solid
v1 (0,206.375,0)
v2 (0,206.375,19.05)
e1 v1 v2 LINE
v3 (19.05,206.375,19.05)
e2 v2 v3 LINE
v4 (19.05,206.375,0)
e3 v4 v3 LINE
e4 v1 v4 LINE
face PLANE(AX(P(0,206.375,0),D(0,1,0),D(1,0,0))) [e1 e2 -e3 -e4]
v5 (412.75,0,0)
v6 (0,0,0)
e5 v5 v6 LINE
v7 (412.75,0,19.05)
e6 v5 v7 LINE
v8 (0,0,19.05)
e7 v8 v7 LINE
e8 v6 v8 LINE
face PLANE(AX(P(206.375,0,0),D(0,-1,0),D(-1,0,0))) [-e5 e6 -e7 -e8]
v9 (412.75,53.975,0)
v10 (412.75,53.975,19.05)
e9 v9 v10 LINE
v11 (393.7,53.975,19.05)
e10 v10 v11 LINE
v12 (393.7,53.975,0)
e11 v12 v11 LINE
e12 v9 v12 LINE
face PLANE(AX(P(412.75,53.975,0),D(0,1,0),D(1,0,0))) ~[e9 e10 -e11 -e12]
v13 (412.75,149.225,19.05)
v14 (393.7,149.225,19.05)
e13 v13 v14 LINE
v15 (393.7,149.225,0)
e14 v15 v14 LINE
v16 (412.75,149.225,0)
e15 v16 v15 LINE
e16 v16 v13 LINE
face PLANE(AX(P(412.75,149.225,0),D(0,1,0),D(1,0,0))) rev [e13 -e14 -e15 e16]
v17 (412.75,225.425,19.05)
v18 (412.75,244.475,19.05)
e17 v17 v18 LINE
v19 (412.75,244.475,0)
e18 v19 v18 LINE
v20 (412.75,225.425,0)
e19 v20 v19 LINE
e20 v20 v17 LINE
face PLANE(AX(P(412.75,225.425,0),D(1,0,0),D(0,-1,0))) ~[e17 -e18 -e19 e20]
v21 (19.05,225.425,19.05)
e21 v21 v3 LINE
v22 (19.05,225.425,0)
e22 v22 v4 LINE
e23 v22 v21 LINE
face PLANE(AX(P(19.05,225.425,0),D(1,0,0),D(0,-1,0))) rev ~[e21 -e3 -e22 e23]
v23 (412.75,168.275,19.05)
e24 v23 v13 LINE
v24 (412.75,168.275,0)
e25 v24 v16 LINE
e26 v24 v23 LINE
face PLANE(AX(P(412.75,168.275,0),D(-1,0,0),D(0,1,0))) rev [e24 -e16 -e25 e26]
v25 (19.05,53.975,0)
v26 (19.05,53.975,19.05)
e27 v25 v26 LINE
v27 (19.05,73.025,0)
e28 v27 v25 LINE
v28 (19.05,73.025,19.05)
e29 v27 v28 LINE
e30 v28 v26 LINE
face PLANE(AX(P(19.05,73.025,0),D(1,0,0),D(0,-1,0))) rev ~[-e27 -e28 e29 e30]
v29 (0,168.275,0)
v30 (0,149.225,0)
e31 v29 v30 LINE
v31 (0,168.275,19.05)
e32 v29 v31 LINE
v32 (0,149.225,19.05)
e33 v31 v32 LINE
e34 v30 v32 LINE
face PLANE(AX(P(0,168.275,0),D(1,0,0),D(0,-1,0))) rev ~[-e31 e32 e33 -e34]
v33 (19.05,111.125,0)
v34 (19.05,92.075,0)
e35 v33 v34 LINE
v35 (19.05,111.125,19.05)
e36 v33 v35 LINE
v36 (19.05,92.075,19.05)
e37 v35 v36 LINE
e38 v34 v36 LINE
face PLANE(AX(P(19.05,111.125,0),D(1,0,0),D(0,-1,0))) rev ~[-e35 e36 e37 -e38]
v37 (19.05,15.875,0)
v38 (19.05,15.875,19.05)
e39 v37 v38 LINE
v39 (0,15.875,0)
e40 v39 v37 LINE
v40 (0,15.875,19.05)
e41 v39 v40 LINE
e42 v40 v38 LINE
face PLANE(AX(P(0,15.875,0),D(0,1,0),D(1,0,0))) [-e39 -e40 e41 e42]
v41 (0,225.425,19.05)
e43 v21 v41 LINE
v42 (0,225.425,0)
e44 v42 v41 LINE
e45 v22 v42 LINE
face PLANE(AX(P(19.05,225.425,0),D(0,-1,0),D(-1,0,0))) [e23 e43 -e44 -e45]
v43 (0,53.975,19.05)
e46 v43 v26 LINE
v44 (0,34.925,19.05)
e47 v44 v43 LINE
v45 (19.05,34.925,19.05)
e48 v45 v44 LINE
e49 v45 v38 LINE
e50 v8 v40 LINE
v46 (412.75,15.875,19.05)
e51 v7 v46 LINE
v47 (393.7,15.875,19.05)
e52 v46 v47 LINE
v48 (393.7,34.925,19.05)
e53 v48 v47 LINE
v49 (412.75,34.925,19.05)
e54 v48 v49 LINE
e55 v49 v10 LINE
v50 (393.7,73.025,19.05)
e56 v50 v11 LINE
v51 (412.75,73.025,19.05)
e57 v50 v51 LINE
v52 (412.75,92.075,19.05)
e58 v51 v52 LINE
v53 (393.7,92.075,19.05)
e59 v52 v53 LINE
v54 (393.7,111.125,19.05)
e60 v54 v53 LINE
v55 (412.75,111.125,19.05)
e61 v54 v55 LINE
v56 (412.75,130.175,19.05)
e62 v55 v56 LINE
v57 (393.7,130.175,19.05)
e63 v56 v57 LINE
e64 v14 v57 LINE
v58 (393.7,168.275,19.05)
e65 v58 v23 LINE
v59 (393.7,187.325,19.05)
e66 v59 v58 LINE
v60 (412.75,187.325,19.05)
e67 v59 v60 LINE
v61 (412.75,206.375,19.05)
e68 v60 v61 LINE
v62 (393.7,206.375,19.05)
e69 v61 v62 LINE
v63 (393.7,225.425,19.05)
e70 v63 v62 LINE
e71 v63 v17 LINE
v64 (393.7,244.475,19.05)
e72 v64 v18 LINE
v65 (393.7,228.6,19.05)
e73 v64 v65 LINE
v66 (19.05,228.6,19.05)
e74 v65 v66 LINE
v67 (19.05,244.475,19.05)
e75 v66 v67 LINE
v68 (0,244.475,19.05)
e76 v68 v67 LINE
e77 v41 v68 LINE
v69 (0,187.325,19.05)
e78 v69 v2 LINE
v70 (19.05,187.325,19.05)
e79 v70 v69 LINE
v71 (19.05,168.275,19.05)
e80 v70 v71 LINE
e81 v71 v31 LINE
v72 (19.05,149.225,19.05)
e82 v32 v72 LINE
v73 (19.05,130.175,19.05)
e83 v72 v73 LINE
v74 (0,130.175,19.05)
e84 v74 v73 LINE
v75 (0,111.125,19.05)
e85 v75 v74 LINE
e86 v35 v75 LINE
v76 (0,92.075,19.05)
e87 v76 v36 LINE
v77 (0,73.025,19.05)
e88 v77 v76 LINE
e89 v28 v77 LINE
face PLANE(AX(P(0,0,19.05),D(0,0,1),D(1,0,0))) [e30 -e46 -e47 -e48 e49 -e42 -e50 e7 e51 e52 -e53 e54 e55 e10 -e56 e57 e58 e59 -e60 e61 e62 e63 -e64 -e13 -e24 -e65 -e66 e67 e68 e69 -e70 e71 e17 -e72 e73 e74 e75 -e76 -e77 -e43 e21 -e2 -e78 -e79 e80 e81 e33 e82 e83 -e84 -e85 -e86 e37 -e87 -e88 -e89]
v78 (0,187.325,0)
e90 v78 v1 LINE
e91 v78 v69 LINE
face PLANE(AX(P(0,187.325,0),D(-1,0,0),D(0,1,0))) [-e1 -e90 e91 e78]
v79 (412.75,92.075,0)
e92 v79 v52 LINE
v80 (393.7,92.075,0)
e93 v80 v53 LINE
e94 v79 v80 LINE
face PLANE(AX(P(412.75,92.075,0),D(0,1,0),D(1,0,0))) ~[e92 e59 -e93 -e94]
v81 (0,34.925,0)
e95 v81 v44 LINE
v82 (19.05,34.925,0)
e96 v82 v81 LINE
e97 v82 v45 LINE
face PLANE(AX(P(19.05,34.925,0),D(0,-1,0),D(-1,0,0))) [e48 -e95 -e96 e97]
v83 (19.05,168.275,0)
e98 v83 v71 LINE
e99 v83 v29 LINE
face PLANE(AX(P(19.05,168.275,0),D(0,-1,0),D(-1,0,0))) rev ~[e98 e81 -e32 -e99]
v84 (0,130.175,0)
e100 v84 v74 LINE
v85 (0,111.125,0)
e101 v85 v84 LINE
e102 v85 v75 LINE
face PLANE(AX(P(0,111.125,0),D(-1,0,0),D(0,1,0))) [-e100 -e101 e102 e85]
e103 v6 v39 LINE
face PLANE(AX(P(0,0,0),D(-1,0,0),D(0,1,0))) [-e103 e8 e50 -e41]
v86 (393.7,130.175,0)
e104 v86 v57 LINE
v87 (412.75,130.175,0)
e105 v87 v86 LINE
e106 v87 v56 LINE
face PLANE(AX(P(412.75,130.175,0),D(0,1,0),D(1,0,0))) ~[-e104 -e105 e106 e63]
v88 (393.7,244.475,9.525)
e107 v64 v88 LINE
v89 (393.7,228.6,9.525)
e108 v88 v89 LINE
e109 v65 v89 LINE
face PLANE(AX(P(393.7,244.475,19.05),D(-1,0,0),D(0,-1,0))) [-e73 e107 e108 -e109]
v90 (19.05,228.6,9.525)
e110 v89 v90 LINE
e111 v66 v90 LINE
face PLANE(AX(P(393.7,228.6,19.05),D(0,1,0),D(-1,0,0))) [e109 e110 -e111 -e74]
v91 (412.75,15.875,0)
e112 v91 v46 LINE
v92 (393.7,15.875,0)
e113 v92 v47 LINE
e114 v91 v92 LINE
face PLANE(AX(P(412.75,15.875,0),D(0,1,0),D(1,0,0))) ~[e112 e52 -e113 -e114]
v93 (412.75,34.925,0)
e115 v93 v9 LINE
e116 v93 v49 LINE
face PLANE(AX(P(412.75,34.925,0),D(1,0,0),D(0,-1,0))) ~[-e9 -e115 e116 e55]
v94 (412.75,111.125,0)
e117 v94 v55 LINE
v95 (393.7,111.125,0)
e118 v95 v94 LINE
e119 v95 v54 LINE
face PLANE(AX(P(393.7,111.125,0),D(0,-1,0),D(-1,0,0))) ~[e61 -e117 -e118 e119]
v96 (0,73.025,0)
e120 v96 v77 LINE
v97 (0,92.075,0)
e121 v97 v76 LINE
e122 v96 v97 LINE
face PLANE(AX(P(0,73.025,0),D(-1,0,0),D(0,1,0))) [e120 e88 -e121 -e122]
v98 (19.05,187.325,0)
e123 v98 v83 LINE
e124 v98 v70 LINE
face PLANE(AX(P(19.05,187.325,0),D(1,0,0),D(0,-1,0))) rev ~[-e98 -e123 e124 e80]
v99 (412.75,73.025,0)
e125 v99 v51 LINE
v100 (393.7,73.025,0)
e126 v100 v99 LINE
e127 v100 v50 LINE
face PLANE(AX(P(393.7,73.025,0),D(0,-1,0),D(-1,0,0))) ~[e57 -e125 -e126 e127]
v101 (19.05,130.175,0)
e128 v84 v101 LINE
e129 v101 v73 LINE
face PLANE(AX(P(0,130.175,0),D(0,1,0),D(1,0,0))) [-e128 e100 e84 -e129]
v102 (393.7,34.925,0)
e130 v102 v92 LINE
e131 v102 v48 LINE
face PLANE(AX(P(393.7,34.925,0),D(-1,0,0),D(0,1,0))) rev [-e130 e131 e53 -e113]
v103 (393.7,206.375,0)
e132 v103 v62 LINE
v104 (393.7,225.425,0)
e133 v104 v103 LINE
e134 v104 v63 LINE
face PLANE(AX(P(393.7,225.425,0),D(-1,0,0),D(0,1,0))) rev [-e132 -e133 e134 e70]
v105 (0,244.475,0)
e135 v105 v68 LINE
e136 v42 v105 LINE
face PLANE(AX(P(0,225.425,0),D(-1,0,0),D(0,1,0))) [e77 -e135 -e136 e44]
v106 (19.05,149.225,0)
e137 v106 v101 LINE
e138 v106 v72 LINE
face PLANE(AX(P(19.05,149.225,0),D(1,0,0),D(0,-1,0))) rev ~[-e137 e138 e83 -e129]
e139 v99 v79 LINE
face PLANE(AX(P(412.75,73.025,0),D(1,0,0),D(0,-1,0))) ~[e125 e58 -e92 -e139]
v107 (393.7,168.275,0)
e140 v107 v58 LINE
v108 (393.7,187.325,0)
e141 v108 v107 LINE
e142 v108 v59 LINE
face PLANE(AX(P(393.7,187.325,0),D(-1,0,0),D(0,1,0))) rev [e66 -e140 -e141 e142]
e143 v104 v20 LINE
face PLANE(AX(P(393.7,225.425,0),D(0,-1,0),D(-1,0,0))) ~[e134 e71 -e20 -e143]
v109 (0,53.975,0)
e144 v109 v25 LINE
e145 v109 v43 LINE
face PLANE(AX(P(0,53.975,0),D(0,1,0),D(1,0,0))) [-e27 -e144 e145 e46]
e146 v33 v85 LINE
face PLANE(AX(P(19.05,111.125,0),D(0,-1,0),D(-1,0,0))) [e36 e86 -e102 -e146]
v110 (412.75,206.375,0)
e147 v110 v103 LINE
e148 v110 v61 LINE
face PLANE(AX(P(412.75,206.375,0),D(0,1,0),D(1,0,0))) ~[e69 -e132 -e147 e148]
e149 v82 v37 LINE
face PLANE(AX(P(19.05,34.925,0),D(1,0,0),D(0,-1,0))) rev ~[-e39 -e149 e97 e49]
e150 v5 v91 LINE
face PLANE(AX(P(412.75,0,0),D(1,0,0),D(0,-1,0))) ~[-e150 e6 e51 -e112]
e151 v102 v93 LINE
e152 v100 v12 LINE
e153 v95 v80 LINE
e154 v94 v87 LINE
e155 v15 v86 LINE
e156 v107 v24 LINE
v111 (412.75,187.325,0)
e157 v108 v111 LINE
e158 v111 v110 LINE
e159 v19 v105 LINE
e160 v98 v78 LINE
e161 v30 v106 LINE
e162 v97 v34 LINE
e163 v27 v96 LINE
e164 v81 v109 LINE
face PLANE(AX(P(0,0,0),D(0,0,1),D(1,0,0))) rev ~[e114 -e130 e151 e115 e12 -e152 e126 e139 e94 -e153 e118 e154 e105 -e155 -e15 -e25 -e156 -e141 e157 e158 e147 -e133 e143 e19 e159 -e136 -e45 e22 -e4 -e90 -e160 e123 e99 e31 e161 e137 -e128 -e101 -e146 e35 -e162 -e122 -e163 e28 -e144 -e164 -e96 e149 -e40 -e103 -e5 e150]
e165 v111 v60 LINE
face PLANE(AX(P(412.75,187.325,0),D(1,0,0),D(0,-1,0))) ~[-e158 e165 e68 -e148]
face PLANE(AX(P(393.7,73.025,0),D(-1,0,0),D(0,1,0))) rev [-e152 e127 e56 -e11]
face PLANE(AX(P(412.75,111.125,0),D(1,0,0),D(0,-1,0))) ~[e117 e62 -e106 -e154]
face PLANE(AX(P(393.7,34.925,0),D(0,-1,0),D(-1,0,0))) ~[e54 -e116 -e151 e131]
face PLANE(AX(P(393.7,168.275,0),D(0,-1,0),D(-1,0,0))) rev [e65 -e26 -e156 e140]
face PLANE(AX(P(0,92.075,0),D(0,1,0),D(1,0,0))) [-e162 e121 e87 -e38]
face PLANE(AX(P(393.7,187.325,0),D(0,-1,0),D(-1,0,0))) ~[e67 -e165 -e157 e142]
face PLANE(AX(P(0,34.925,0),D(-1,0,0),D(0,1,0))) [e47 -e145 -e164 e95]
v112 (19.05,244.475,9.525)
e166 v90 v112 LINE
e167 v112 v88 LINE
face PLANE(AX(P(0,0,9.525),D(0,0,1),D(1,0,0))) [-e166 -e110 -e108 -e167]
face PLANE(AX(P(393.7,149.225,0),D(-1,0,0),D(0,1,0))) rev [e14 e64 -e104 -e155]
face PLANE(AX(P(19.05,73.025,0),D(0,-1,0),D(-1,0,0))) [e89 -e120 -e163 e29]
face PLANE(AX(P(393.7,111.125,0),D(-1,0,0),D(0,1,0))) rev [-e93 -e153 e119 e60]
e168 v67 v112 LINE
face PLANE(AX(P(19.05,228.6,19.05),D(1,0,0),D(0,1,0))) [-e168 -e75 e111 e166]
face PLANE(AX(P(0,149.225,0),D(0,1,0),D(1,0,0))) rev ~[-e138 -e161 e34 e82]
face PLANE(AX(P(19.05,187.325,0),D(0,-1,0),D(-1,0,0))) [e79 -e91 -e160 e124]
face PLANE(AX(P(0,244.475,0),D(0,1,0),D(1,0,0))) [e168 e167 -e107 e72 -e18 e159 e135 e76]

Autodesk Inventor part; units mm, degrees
ref_plane "YZ Plane" through (0, 0, 0) normal (1, 0, 0) x (0, 1, 0)
ref_plane "XZ Plane" through (0, 0, 0) normal (0, 1, 0) x (-1, 0, 0)
ref_plane "XY Plane" through (0, 0, 0) normal (0, 0, 1) x (1, 0, 0)
sketch "Sketch1" plane through (0, 0, 0) normal (0, 0, 1) x (1, 0, 0)
  line L0 (0, 244.475) -> (19.05, 244.475)
  line L1 (19.05, 244.475) -> (19.05, 225.425)
  line L2 (19.05, 225.425) -> (0, 225.425)
  line L3 (0, 225.425) -> (0, 244.475)
  line L4 (19.05, 168.275) -> (0, 168.275)
  line L5 (0, 168.275) -> (0, 149.225)
  line L6 (0, 149.225) -> (19.05, 149.225)
  line L7 (19.05, 149.225) -> (19.05, 168.275)
  line L8 (0, 130.175) -> (19.05, 130.175)
  line L9 (19.05, 130.175) -> (19.05, 111.125)
  line L10 (19.05, 111.125) -> (0, 111.125)
  line L11 (0, 111.125) -> (0, 130.175)
  line L12 (0, 206.375) -> (19.05, 206.375)
  line L13 (19.05, 206.375) -> (19.05, 187.325)
  line L14 (19.05, 187.325) -> (0, 187.325)
  line L15 (0, 187.325) -> (0, 206.375)
  line L16 (0, 92.075) -> (19.05, 92.075)
  line L17 (19.05, 92.075) -> (19.05, 73.025)
  line L18 (19.05, 73.025) -> (0, 73.025)
  line L19 (0, 73.025) -> (0, 92.075)
  line L20 (0, 53.975) -> (19.05, 53.975)
  line L21 (19.05, 53.975) -> (19.05, 34.925)
  line L22 (19.05, 34.925) -> (0, 34.925)
  line L23 (0, 34.925) -> (0, 53.975)
  line L24 (0, 15.875) -> (19.05, 15.875)
  line L25 (19.05, 15.875) -> (19.05, -3.175)
  line L26 (19.05, -3.175) -> (0, -3.175)
  line L27 (0, -3.175) -> (0, 15.875)
  line L28 (0, 244.475) -> (206.375, 244.475)
  line L29 (206.375, 244.475) -> (206.375, 0)
  line L30 (206.375, 0) -> (0, 0)
  line L31 (19.05, 244.475) -> (19.05, 0)
  line L32 (206.375, 244.475) -> (19.05, 244.475)
  line L33 (19.05, 244.475) -> (19.05, 0)
  line L34 (19.05, 0) -> (206.375, 0)
  line L35 (206.375, 0) -> (206.375, 244.475)
  dimension "d0" = 19.05
  dimension "d1" = 19.05
  dimension "d3" = 19.05
  dimension "d4" = 19.05
  dimension "d5" = 19.05
  dimension "d6" = 19.05
  dimension "d7" = 19.05
  dimension "d8" = 19.05
  dimension "d9" = 19.05
  dimension "d10" = 19.05
  dimension "d11" = 19.05
  dimension "d12" = 19.05
  dimension "d13" = 19.05
  dimension "d14" = 19.05
  dimension "d15" = 19.05
  dimension "d16" = 19.05
  dimension "d17" = 19.05
  dimension "d18" = 19.05
  dimension "d19" = 19.05
  dimension "d21" = 206.375
  dimension "d22" = 244.475
  dimension "d23" = 206.375
extrude "Extrusion1" add sketch "Sketch1" along normal blind 19.05 contours L0 L1 L2 L3 | L28 L29 L30 L25 L31 L21 L17 L9 L7 L13 L1 | L13 L14 L15 L12 | L30 L27 L24 L25 | L7 L6 L5 L4 | L22 L23 L20 L21 | L9 L10 L11 L8 | L18 L19 L16 L17
mirror "Mirror1" about plane through (206.375, 0, 0) normal (1, 0, 0) of "Extrusion1"
sketch "Sketch2" plane through (0, 0, 19.05) normal (0, 0, 1) x (1, 0, 0)
  line L0 (412.75, 244.475) -> (412.75, 225.425) projected
  line L1 (0, 244.475) -> (412.75, 244.475) projected
  line L2 (0, 244.475) -> (0, 225.425) projected
  line L3 (19.05, 244.475) -> (393.7, 244.475)
  line L4 (393.7, 244.475) -> (393.7, 228.6)
  line L5 (393.7, 228.6) -> (19.05, 228.6)
  line L6 (19.05, 228.6) -> (19.05, 244.475)
  dimension "d26" = 19.05
  dimension "d27" = 19.05
  dimension "d28" = 15.875
extrude "Extrusion2" cut sketch "Sketch2" against normal blind 9.525
properties part number "deep_end" material "Wood (Birch)"
